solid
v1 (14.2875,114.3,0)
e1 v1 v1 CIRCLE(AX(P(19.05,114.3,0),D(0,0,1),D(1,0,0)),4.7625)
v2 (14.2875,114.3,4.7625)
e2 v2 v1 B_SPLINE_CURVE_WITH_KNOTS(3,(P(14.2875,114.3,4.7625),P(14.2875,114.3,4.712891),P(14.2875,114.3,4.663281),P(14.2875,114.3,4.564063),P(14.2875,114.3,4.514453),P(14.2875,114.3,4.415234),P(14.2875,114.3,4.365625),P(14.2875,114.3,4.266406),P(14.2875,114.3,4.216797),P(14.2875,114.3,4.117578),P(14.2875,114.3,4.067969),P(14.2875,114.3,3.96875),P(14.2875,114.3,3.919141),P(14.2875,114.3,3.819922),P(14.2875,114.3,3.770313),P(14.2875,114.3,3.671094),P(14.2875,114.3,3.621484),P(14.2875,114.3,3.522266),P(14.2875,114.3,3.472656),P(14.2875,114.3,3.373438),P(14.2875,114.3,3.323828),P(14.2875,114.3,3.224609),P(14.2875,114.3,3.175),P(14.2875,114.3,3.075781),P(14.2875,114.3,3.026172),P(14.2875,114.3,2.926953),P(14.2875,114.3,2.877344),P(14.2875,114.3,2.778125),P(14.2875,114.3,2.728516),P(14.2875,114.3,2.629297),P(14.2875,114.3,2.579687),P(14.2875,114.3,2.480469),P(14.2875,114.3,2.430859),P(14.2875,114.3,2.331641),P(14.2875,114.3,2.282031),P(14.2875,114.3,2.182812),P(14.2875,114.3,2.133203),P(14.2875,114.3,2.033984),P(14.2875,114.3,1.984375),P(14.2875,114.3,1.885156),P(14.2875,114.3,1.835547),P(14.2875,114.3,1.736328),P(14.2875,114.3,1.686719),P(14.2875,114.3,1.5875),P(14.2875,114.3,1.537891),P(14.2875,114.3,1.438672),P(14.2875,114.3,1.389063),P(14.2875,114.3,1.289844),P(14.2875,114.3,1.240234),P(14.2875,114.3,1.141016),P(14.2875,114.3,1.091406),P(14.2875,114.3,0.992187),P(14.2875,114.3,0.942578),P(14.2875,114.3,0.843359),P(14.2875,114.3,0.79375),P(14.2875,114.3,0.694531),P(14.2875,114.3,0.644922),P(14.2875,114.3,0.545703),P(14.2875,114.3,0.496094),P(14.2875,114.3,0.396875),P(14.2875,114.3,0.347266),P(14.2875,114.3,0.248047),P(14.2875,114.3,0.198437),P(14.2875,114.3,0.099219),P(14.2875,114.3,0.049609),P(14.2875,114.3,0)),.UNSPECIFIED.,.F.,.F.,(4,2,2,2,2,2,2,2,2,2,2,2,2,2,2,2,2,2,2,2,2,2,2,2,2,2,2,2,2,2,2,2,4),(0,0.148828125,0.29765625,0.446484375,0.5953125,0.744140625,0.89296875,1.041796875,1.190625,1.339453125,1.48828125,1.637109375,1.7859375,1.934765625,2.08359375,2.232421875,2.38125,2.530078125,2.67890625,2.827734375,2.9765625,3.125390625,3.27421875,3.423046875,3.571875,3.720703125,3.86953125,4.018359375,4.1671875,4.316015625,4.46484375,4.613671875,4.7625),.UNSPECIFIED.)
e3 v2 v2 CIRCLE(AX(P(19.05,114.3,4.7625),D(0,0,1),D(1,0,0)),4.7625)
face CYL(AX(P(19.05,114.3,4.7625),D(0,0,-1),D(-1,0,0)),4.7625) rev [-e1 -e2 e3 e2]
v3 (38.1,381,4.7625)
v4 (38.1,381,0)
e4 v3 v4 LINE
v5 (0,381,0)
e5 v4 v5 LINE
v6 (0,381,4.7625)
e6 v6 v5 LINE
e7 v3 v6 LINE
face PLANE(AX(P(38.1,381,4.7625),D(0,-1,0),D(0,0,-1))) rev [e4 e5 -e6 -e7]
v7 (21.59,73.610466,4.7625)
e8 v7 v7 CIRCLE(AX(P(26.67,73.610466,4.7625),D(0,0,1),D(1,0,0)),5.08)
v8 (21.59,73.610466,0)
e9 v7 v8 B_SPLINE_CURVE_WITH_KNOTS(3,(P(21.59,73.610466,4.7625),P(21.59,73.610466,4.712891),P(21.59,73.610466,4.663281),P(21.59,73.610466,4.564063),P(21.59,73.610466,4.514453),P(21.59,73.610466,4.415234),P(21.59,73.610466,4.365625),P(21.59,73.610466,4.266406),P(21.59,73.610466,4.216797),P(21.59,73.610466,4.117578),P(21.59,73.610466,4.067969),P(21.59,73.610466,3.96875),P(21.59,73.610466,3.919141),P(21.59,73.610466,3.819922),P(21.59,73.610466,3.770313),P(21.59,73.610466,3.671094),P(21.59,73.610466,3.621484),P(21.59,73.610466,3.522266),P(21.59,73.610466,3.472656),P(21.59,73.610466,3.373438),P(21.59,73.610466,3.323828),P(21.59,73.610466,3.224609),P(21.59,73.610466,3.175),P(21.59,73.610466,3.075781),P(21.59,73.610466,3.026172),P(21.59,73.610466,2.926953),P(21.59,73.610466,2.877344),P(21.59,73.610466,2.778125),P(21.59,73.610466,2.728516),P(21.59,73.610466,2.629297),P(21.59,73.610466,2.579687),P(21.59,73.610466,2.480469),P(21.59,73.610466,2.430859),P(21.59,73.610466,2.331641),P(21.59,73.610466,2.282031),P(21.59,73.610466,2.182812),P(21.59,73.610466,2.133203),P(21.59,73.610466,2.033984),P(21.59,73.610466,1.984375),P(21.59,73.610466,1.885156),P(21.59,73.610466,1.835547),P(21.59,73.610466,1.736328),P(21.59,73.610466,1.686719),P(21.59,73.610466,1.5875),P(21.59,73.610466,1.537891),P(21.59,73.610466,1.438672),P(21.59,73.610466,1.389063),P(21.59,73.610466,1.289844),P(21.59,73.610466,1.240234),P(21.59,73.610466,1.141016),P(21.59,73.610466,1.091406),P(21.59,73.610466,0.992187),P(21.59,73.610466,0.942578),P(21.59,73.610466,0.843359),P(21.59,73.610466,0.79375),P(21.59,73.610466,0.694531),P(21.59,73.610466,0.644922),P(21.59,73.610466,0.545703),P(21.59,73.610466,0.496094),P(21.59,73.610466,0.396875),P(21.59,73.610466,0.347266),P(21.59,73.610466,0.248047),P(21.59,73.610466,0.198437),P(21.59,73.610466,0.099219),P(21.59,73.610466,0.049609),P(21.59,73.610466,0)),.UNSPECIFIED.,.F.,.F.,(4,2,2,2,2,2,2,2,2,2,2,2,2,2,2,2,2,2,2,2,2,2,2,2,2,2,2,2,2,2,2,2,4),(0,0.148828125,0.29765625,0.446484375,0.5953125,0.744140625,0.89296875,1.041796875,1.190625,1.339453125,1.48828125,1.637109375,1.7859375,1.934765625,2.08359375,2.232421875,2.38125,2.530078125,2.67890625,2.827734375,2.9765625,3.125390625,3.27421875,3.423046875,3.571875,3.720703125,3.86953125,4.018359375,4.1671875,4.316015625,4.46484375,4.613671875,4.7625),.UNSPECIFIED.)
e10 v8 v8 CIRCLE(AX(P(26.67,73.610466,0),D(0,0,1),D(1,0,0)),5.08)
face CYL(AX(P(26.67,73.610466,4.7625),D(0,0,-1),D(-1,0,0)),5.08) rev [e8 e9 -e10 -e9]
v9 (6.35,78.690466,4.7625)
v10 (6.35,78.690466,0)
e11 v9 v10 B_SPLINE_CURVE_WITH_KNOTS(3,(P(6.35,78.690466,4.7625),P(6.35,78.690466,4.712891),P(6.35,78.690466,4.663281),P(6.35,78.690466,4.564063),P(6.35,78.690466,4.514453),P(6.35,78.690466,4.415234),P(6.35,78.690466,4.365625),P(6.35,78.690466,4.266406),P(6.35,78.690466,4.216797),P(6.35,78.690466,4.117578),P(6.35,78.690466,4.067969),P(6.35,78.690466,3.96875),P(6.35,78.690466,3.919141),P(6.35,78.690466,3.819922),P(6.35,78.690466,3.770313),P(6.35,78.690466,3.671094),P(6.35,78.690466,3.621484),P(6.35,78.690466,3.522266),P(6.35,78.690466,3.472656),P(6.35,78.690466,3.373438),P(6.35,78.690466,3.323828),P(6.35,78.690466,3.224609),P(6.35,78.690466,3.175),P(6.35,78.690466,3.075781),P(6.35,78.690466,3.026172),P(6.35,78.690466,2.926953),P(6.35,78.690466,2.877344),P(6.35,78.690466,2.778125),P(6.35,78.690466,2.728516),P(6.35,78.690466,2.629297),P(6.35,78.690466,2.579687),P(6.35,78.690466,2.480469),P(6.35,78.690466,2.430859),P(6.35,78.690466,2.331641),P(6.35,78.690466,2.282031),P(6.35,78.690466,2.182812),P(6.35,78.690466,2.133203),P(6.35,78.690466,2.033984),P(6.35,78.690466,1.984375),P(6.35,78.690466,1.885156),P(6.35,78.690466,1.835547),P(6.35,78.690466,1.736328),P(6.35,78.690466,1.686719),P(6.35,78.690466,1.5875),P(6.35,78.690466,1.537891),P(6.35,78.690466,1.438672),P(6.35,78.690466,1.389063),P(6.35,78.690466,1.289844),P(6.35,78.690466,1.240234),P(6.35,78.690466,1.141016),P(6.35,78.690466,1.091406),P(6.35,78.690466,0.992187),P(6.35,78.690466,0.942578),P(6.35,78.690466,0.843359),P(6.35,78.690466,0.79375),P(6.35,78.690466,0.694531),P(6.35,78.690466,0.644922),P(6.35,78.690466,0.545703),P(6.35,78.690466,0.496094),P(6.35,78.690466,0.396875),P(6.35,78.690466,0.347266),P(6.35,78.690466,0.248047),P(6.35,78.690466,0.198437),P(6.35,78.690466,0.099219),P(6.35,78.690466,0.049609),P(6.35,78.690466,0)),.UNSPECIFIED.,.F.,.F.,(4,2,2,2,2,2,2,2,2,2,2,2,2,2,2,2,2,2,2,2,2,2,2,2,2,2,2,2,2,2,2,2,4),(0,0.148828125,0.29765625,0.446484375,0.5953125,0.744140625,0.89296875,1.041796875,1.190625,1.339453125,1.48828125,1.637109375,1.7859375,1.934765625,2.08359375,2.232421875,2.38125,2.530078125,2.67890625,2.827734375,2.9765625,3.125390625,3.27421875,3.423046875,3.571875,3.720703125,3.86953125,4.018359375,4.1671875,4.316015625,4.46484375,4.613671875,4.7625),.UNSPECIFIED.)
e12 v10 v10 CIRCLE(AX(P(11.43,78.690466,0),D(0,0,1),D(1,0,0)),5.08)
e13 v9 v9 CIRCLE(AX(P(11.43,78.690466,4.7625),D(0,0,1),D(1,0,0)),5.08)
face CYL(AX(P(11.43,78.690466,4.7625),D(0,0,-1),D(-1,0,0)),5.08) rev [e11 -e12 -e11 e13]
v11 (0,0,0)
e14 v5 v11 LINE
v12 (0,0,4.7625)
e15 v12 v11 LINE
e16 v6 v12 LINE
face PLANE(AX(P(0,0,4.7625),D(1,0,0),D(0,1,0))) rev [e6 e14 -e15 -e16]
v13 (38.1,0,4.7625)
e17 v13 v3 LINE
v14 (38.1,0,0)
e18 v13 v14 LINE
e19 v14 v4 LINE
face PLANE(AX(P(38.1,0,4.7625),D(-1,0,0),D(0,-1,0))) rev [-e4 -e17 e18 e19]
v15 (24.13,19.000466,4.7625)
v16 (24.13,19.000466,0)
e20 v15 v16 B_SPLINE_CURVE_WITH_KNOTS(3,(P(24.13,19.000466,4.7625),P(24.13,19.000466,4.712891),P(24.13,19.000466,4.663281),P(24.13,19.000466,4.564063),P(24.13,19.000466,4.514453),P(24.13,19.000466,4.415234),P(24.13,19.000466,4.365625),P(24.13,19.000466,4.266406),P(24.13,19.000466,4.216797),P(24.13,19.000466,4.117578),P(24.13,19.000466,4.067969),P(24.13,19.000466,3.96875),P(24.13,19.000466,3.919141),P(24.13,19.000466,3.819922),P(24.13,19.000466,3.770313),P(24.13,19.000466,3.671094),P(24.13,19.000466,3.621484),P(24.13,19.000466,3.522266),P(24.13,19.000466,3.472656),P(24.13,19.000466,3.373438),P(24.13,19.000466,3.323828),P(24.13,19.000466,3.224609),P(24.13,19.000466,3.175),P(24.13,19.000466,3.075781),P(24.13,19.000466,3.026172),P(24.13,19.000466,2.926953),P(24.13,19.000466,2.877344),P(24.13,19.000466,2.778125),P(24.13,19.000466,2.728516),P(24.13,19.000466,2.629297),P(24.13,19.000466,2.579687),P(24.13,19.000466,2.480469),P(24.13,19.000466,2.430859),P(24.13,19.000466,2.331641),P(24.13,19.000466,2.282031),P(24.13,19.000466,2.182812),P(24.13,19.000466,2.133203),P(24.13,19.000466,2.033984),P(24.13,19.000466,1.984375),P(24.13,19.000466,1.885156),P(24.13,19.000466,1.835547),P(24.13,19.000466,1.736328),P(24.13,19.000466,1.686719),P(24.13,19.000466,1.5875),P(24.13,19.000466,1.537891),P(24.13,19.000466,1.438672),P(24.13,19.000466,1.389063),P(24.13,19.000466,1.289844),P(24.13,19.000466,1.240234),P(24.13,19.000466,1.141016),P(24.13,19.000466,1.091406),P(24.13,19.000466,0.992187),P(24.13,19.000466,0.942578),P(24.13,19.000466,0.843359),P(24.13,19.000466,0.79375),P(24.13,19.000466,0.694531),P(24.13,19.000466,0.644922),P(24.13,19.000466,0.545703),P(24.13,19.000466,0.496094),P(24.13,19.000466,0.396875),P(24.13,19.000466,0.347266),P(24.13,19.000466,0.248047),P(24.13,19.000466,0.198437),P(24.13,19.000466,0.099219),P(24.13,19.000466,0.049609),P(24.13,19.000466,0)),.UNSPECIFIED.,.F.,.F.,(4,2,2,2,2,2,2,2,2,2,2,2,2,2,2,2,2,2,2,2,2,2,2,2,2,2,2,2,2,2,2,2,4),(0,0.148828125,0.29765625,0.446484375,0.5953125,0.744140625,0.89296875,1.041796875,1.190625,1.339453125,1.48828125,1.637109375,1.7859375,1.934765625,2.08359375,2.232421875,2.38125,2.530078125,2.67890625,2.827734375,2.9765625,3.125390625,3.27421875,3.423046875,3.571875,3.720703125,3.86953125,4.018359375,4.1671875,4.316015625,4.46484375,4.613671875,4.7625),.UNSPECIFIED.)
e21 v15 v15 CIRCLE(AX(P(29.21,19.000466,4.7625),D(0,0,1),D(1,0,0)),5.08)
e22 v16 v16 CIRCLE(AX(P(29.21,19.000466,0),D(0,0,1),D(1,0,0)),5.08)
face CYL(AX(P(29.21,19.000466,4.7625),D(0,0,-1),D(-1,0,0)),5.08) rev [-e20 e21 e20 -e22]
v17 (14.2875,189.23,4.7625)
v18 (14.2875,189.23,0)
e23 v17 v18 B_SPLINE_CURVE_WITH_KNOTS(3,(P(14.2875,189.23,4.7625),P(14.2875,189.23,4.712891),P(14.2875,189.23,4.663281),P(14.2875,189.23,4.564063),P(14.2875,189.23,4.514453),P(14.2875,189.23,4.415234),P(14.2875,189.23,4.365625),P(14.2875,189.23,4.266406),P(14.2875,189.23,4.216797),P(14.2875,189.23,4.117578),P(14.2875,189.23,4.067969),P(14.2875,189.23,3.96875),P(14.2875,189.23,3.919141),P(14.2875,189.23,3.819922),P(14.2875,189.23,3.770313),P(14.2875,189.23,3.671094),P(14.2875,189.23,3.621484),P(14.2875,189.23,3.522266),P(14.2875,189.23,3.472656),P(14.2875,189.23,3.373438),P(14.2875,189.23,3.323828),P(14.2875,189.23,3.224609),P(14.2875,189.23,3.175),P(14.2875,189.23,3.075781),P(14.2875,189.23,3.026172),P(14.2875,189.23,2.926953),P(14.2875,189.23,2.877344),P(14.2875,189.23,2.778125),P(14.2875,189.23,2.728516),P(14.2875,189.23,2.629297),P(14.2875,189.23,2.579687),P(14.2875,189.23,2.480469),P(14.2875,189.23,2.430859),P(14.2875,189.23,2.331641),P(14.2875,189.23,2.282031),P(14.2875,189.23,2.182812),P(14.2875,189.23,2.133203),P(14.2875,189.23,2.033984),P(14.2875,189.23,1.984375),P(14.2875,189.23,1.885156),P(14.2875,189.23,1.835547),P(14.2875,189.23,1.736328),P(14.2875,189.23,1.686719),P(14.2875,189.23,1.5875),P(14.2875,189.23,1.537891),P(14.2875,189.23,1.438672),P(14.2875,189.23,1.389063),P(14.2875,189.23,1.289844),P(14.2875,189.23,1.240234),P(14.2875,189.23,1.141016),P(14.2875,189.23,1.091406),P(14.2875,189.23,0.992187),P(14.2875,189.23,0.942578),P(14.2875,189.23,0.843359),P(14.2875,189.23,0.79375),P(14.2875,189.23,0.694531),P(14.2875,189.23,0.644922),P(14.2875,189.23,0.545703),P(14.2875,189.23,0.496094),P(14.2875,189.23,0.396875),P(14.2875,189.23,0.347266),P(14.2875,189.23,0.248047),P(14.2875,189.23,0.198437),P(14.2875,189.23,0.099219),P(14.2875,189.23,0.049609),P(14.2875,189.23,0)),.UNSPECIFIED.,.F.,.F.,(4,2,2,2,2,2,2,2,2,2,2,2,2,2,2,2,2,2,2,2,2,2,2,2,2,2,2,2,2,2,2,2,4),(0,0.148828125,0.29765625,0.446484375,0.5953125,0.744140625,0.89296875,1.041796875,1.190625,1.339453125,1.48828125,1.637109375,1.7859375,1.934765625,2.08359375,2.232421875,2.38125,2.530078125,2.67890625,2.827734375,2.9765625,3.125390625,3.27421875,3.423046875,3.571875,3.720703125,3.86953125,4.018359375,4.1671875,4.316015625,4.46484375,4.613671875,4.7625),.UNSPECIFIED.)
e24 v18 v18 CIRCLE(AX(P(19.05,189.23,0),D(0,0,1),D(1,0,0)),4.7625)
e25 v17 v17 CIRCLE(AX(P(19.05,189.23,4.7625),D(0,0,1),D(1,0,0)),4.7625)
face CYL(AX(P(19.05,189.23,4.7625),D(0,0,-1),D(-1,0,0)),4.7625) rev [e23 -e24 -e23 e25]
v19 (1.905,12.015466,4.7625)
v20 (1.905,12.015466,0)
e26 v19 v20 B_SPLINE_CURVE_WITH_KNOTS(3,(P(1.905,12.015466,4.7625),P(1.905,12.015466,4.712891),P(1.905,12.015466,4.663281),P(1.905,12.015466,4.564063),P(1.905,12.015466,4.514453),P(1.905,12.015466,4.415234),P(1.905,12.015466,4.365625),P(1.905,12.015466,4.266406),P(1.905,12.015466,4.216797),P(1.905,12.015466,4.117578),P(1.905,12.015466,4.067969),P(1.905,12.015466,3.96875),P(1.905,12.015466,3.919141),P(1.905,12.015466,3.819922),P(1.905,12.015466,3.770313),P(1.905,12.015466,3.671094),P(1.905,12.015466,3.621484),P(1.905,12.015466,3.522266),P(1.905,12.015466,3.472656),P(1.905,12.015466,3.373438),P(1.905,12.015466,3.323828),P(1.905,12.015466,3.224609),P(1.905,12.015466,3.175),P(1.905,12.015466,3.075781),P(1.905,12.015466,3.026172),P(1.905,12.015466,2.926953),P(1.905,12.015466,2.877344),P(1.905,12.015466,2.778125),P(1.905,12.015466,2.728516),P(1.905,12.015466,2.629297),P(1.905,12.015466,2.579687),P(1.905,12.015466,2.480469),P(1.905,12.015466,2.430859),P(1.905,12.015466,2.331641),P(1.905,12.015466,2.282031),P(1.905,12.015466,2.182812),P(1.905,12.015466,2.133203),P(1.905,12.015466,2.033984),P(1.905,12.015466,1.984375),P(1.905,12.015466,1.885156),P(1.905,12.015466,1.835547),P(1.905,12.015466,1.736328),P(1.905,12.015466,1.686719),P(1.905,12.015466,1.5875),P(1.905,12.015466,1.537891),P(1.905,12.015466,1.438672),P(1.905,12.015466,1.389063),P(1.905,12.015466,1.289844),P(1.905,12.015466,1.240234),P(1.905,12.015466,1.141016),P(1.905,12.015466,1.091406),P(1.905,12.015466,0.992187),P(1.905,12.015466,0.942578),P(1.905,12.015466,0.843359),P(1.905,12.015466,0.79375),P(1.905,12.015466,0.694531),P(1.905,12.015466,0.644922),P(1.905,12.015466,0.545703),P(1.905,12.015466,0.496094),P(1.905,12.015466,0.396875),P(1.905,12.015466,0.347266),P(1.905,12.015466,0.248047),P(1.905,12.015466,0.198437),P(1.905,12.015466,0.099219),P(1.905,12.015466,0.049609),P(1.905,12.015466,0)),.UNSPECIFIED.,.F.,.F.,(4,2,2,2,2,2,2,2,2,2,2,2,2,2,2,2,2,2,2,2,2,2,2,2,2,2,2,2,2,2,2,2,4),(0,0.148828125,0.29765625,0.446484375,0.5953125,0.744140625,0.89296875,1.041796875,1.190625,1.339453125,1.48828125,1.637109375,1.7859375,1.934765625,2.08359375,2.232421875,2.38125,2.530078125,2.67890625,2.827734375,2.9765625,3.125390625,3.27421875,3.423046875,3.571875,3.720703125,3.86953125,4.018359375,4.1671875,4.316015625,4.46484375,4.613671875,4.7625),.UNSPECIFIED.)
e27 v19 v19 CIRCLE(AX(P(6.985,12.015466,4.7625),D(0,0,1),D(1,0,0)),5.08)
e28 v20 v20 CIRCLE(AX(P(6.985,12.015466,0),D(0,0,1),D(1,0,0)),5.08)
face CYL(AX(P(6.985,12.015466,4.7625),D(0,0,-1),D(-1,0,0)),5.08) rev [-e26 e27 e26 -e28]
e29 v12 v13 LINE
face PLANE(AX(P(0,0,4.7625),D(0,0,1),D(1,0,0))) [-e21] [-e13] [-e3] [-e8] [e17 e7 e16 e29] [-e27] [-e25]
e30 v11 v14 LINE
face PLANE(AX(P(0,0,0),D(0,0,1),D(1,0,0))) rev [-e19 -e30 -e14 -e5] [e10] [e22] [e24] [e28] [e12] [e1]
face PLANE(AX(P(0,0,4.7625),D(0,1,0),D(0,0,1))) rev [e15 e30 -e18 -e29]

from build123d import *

# Parameters (mm, degrees)
SKETCH2_W           = 38.1
SKETCH2_H           = 381
SKETCH2_R           = 5.08
SKETCH2_R_2         = 4.7625
BOSS_EXTRUDE2_DEPTH = 4.7625


with BuildPart() as part:
    # Sketch2 → Boss-Extrude2 (new body)
    with BuildSketch(Plane.XY):
        with Locations((19.05, 190.5)):
            Rectangle(SKETCH2_W, SKETCH2_H)
        with Locations(Location((11.43, 78.69046619, 0), (0, 0, 180))):
            Circle(SKETCH2_R, mode=Mode.SUBTRACT)
        with Locations(Location((26.67, 73.61046619, 0), (0, 0, 180))):
            Circle(SKETCH2_R, mode=Mode.SUBTRACT)
        with Locations(Location((6.985, 12.01546619, 0), (0, 0, 180))):
            Circle(SKETCH2_R, mode=Mode.SUBTRACT)
        with Locations(Location((29.21, 19.00046619, 0), (0, 0, 180))):
            Circle(SKETCH2_R, mode=Mode.SUBTRACT)
        with Locations(Location((19.05, 114.3, 0), (0, 0, 180))):
            Circle(SKETCH2_R_2, mode=Mode.SUBTRACT)
        with Locations(Location((19.05, 189.23, 0), (0, 0, 180))):
            Circle(SKETCH2_R_2, mode=Mode.SUBTRACT)
    extrude(amount=BOSS_EXTRUDE2_DEPTH)


solid = part.part
